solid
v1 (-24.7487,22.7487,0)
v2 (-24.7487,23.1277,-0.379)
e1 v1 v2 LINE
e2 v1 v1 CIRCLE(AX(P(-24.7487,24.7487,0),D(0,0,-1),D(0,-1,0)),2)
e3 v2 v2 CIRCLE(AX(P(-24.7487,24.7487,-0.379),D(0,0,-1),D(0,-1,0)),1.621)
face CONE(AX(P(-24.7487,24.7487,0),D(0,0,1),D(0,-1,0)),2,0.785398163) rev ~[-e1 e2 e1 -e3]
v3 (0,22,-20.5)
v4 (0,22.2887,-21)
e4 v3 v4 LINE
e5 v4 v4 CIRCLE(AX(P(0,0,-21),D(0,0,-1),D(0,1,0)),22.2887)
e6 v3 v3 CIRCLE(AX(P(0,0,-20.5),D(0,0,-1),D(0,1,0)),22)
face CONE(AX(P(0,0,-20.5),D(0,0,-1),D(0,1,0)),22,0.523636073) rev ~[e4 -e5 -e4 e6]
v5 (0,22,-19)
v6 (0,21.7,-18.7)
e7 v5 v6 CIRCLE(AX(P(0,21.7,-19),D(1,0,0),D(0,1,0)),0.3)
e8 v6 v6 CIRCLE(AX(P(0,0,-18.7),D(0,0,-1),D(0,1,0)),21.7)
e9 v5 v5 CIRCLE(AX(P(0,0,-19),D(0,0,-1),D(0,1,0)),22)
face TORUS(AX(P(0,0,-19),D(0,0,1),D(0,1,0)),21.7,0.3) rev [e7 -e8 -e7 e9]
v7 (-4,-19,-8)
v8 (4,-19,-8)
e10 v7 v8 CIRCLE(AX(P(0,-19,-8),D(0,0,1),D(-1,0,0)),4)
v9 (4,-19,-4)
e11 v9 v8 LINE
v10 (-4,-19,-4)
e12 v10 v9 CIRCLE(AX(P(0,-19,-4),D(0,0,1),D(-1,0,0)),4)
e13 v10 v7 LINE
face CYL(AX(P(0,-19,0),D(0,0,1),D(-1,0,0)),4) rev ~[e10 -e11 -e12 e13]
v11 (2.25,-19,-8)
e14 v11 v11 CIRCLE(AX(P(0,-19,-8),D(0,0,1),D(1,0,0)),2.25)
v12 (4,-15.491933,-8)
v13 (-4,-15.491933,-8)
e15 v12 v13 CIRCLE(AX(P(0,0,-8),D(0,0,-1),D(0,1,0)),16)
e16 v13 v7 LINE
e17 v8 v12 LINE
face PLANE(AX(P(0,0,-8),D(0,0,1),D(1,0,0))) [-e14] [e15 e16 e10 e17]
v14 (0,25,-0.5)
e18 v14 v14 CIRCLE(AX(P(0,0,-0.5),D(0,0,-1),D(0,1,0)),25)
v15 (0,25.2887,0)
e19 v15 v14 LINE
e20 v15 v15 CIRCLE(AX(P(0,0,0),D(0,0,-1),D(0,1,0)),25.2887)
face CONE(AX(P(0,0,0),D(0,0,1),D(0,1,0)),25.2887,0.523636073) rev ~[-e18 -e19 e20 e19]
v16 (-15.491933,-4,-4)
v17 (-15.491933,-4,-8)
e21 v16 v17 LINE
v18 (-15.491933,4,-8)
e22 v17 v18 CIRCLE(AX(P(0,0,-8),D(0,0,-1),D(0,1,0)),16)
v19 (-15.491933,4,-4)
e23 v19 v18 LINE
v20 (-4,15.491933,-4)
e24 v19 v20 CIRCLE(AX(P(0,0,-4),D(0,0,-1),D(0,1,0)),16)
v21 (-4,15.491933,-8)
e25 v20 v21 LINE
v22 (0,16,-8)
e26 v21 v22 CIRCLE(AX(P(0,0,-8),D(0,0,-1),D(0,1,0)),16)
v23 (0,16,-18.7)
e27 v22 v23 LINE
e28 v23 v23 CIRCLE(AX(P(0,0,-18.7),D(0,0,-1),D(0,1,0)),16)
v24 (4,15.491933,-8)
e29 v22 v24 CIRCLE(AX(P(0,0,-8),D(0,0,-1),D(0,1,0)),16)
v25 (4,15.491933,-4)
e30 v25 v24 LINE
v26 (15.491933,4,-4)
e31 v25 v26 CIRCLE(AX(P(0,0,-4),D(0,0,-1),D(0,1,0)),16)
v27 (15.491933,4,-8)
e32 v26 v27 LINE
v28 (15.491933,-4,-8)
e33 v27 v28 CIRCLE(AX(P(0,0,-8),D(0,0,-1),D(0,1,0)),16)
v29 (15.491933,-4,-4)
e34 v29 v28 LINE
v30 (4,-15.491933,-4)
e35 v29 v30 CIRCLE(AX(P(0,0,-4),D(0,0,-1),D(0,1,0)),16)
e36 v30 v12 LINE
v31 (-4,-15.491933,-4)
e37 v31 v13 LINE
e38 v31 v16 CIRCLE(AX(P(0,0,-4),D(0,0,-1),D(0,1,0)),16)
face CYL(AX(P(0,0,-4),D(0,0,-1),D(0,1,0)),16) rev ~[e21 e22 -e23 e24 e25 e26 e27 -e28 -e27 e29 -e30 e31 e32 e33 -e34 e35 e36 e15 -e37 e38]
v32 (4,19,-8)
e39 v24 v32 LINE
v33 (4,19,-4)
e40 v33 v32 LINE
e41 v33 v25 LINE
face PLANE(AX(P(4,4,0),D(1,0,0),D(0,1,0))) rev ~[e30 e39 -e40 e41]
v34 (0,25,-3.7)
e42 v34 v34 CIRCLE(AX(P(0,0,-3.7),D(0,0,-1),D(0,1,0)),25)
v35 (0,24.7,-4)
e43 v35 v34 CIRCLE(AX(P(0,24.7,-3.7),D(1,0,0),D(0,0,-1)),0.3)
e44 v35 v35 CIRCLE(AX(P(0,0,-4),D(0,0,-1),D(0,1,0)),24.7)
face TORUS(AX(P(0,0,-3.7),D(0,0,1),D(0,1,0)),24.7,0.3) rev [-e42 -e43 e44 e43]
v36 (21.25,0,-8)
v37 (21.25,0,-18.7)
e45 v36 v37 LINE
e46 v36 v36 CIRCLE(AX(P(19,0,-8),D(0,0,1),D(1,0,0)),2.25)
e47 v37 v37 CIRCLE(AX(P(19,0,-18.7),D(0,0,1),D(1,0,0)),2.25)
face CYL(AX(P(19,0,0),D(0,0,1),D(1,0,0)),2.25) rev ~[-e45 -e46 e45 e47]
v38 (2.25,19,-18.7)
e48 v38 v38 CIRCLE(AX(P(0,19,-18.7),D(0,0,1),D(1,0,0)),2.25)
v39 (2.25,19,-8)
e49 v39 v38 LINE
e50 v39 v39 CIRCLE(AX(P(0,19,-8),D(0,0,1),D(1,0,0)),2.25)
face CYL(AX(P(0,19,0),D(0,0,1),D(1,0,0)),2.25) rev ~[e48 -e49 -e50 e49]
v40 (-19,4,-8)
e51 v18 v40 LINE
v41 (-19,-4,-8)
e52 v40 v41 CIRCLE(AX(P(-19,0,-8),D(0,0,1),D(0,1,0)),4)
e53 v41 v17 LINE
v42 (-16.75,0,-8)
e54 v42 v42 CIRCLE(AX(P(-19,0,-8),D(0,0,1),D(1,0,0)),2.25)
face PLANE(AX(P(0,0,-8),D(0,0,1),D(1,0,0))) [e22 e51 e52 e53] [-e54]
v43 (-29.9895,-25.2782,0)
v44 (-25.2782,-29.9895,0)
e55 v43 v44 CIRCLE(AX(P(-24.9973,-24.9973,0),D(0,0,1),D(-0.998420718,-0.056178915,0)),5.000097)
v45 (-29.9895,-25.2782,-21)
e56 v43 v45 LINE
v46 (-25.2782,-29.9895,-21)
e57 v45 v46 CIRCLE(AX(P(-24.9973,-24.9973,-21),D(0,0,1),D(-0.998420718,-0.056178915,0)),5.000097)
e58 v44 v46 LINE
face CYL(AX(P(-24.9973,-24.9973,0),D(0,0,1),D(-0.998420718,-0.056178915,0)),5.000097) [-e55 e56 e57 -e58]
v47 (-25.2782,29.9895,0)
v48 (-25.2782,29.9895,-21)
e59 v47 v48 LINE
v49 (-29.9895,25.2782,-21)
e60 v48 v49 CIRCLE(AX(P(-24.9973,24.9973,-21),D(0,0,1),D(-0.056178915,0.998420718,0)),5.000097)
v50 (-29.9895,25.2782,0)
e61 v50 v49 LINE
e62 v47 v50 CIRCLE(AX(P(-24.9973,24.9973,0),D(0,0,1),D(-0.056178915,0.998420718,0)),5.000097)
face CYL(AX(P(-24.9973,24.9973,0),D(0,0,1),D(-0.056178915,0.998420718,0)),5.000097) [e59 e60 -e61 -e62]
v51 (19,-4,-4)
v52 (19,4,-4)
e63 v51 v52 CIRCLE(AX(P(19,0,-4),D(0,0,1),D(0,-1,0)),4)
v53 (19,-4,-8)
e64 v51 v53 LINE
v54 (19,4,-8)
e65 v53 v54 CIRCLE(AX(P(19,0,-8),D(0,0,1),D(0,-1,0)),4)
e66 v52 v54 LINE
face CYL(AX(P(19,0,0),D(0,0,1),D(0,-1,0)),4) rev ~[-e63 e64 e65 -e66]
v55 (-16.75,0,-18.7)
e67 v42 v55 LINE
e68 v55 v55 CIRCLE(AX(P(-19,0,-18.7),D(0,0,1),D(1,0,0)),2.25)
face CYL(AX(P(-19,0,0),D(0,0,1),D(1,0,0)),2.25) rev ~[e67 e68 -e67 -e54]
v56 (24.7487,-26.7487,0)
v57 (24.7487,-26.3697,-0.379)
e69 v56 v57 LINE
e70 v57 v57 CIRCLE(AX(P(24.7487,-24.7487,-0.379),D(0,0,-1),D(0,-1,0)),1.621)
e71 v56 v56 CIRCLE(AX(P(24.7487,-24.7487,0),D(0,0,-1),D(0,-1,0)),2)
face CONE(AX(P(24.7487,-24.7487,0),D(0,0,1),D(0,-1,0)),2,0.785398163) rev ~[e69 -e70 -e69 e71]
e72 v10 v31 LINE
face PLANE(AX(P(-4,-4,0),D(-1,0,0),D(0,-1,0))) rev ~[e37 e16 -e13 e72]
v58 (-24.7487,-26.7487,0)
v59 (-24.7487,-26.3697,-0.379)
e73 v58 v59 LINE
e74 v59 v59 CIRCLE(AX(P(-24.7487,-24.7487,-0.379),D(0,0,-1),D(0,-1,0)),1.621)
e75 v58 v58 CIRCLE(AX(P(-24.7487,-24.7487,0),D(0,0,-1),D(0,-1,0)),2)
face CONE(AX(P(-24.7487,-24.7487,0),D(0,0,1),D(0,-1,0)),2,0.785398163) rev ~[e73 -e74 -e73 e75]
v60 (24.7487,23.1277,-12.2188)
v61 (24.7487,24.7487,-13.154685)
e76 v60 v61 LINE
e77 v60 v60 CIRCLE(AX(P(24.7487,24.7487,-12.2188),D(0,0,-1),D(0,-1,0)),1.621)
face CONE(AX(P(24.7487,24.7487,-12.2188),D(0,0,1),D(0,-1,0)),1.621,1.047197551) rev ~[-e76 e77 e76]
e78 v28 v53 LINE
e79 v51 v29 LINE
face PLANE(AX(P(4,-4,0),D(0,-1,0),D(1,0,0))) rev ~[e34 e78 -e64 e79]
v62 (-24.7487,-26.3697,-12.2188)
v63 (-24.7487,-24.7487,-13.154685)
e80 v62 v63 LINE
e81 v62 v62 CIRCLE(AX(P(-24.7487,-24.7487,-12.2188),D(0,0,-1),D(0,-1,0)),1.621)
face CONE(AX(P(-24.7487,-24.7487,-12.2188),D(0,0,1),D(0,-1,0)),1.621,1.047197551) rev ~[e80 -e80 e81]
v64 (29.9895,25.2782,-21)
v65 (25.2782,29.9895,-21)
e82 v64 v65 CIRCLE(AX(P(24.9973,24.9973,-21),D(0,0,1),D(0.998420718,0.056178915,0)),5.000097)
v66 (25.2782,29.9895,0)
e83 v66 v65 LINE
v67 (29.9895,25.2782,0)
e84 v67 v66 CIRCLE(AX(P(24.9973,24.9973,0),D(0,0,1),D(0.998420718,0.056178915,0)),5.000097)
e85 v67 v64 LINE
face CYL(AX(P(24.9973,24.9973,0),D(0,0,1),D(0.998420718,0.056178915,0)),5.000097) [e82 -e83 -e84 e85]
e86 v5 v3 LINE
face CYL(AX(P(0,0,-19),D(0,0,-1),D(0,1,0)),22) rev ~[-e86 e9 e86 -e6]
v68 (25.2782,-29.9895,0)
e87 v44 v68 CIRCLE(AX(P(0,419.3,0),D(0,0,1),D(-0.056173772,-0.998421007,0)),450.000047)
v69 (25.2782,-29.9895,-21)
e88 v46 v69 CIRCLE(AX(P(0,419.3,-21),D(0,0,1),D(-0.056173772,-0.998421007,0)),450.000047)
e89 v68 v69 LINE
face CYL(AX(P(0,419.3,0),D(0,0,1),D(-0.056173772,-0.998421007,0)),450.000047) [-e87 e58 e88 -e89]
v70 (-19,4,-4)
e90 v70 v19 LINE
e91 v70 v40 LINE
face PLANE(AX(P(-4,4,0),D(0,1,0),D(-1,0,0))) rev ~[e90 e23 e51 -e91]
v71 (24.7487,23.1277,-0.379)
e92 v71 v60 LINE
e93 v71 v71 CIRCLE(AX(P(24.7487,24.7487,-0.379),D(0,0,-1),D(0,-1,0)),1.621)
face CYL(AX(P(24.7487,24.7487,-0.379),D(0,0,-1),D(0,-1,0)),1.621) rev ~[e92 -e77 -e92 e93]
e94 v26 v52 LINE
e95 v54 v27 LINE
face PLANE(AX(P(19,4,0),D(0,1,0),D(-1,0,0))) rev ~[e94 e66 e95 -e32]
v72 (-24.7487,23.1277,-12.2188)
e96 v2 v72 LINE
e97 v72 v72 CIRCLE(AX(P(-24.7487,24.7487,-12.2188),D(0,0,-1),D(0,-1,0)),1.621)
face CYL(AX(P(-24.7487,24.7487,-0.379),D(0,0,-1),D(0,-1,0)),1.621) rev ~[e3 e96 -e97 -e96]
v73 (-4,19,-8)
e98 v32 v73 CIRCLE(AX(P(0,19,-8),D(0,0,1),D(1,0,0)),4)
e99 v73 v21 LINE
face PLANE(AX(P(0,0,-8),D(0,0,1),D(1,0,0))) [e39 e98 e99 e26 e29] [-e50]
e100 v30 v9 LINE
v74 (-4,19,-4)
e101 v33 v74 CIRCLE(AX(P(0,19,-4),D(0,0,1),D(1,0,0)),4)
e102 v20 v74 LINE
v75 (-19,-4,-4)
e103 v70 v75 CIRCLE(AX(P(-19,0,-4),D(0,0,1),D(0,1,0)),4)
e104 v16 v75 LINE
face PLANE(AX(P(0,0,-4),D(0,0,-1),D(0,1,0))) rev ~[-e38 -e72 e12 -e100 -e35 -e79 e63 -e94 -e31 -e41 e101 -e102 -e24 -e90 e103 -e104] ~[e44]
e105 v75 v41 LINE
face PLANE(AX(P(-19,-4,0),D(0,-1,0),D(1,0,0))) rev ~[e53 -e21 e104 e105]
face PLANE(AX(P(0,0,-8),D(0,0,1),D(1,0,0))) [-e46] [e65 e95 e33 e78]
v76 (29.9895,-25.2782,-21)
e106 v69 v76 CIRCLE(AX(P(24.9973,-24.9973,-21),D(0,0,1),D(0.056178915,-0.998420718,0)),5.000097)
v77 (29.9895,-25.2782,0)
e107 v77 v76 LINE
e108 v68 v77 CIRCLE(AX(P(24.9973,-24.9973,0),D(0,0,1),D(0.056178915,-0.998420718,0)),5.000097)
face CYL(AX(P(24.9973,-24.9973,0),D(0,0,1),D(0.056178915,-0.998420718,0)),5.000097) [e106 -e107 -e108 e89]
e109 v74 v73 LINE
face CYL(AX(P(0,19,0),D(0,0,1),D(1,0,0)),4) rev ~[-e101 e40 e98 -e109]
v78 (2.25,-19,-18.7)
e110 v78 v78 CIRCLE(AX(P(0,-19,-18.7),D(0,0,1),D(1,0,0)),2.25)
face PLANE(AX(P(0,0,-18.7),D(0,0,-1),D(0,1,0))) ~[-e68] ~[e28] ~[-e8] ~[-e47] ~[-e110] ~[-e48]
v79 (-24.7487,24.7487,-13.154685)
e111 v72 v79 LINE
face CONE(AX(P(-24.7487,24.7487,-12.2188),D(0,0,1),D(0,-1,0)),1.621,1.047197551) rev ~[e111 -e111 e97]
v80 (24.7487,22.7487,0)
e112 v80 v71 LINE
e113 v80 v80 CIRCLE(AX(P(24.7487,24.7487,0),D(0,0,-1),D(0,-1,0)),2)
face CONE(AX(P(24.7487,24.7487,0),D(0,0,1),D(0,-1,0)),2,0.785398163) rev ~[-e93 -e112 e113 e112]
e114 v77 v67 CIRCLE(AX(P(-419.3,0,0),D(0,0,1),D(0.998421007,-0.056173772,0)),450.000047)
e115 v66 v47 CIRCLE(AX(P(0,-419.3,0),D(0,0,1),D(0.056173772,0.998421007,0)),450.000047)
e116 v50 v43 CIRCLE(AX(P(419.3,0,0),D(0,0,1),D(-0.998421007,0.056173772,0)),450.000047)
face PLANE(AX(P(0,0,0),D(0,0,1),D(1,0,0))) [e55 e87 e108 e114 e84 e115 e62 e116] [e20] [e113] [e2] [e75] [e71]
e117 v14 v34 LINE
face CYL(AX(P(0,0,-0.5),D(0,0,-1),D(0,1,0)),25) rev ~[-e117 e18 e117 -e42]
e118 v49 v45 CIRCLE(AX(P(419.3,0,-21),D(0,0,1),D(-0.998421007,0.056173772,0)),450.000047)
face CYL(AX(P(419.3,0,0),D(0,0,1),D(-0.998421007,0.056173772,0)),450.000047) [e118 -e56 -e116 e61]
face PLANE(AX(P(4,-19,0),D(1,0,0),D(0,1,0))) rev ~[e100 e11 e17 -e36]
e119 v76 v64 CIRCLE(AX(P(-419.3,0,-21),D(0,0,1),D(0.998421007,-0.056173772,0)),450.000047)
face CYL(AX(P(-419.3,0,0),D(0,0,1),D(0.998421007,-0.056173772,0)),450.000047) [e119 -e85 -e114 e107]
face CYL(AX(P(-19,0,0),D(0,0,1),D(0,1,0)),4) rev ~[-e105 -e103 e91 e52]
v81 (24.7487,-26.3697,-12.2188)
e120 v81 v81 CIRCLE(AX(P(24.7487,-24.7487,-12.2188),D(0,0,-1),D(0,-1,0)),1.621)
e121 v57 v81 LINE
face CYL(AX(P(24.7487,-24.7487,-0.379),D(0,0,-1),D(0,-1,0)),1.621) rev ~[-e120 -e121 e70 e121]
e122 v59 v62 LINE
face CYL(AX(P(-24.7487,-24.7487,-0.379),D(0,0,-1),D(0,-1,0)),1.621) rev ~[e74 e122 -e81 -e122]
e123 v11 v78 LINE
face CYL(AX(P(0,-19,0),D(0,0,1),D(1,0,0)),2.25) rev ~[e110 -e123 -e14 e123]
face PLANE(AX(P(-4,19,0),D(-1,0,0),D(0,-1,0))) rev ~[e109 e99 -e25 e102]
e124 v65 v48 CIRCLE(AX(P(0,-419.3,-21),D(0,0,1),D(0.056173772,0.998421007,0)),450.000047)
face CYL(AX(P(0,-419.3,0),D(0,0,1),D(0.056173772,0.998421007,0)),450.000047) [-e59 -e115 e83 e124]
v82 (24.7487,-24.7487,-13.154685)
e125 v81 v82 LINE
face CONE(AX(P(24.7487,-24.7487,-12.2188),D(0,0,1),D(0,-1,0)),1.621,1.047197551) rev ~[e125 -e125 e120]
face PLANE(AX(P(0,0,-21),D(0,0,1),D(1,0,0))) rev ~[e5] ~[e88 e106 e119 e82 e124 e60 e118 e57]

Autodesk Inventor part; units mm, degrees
sketch "Sketch_1" plane through (0, 0, 0) normal (0, 0, 1) x (1, 0, 0)
  arc A0 (-29.9895, 25.2782) -> (-29.9895, -25.2782) centre (419.3, 0) ccw
  arc A1 (-29.9895, -25.2782) -> (-25.2782, -29.9895) centre (-24.9973, -24.9973) ccw
  arc A2 (-25.2782, -29.9895) -> (25.2782, -29.9895) centre (0, 419.3) ccw
  arc A3 (25.2782, -29.9895) -> (29.9895, -25.2782) centre (24.9973, -24.9973) ccw
  arc A4 (29.9895, -25.2782) -> (29.9895, 25.2782) centre (-419.3, 0) ccw
  arc A5 (29.9895, 25.2782) -> (25.2782, 29.9895) centre (24.9973, 24.9973) ccw
  arc A6 (25.2782, 29.9895) -> (-25.2782, 29.9895) centre (0, -419.3) ccw
  arc A7 (-25.2782, 29.9895) -> (-29.9895, 25.2782) centre (-24.9973, 24.9973) ccw
  circle A8 centre (19, 0) radius 2.25
  circle A9 centre (0, 19) radius 2.25
  circle A10 centre (0, -19) radius 2.25
  circle A11 centre (-19, 0) radius 2.25
extrude "Extrusion1" add sketch "Sketch_1" against normal blind 21
sketch "Sketch_2" plane through (0, 0, 0) normal (1, 0, 0) x (0, 1, 0)
  line L0 (0, -21) -> (0, 0)
  line L1 (0, 0) -> (25.2887, 0)
  line L2 (25.2887, 0) -> (25, -0.5)
  line L3 (25, -0.5) -> (25, -3.7)
  arc A0 (24.7, -4) -> (25, -3.7) centre (24.7, -3.7) ccw
  line L4 (24.7, -4) -> (16, -4)
  line L5 (16, -4) -> (16, -18.7)
  line L6 (16, -18.7) -> (21.7, -18.7)
  arc A1 (22, -19) -> (21.7, -18.7) centre (21.7, -19) ccw
  line L7 (22, -19) -> (22, -20.5)
  line L8 (22, -20.5) -> (22.2887, -21)
  line L9 (22.2887, -21) -> (0, -21)
  line L10 (0, -21) -> (0, 0)
revolve "Revolution1" cut sketch "Sketch_2" angle 360 about axis through (0, 0, -21) along (0, 0, -1)
sketch "Sketch_3" plane through (0, 0, 0) normal (0, 0, 1) x (1, 0, 0)
  arc A0 (-19, 4) -> (-19, -4) centre (-19, 0) ccw
  line L0 (-19, -4) -> (-4, -4)
  line L1 (-4, -4) -> (-4, -19)
  arc A1 (-4, -19) -> (4, -19) centre (0, -19) ccw
  line L2 (4, -19) -> (4, -4)
  line L3 (4, -4) -> (19, -4)
  arc A2 (19, -4) -> (19, 4) centre (19, 0) ccw
  line L4 (19, 4) -> (4, 4)
  line L5 (4, 4) -> (4, 19)
  arc A3 (4, 19) -> (-4, 19) centre (0, 19) ccw
  line L6 (-4, 19) -> (-4, 4)
  line L7 (-4, 4) -> (-19, 4)
extrude "Extrusion2" cut sketch "Sketch_3" against normal blind 8
sketch "Sketch4" plane through (0, 0, 0) normal (0, 0, 1) x (1, 0, 0)
  point P0 (24.7487, 24.7487)
hole "Hole1" at (24.7487, 24.7487, 0) direction (0, 0, -1) diameter 3.242 depth 12.2188 tip angle 120 countersink diameter 4 countersink angle 90 thread size "M4x0.7" class "6H" standard "ISO Metric profile"
sketch "Sketch5" plane through (0, 0, 0) normal (0, 0, 1) x (1, 0, 0)
  point P0 (-24.7487, -24.7487)
hole "Hole2" at (-24.7487, -24.7487, 0) direction (0, 0, -1) diameter 3.242 depth 12.2188 tip angle 120 countersink diameter 4 countersink angle 90 thread size "M4x0.7" class "6H" standard "ISO Metric profile"
sketch "Sketch6" plane through (0, 0, 0) normal (0, 0, 1) x (1, 0, 0)
  point P0 (24.7487, -24.7487)
hole "Hole3" at (24.7487, -24.7487, 0) direction (0, 0, -1) diameter 3.242 depth 12.2188 tip angle 120 countersink diameter 4 countersink angle 90 thread size "M4x0.7" class "6H" standard "ISO Metric profile"
sketch "Sketch7" plane through (0, 0, 0) normal (0, 0, 1) x (1, 0, 0)
  point P0 (-24.7487, 24.7487)
hole "Hole4" at (-24.7487, 24.7487, 0) direction (0, 0, -1) diameter 3.242 depth 12.2188 tip angle 120 countersink diameter 4 countersink angle 90 thread size "M4x0.7" class "6H" standard "ISO Metric profile"
ref_plane "ANBAU_1_XY" through (0, 0, -21) normal (0, 0, 1) x (1, 0, 0)
ref_plane "ANBAU_1_YZ" through (0, 0, -21) normal (1, 0, 0) x (0, 1, 0)
ref_plane "ANBAU_1_ZX" through (0, 0, -21) normal (0, 1, 0) x (0, 0, 1)
ref_plane "ZYL_SCHRAUBE_1_1_XY" through (24.7487, 24.7487, 9) normal (0, 0, -1) x (1, 0, 0)
ref_plane "ZYL_SCHRAUBE_1_1_YZ" through (24.7487, 24.7487, 9) normal (1, 0, 0) x (0, -1, 0)
ref_plane "ZYL_SCHRAUBE_1_1_ZX" through (24.7487, 24.7487, 9) normal (0, -1, 0) x (0, 0, -1)
ref_plane "ZYL_SCHRAUBE_1_2_XY" through (-24.7487, 24.7487, 9) normal (0, 0, -1) x (1, 0, 0)
ref_plane "ZYL_SCHRAUBE_1_2_YZ" through (-24.7487, 24.7487, 9) normal (1, 0, 0) x (0, -1, 0)
ref_plane "ZYL_SCHRAUBE_1_2_ZX" through (-24.7487, 24.7487, 9) normal (0, -1, 0) x (0, 0, -1)
ref_plane "ZYL_SCHRAUBE_1_3_XY" through (-24.7487, -24.7487, 9) normal (0, 0, -1) x (1, 0, 0)
ref_plane "ZYL_SCHRAUBE_1_3_YZ" through (-24.7487, -24.7487, 9) normal (1, 0, 0) x (0, -1, 0)
ref_plane "ZYL_SCHRAUBE_1_3_ZX" through (-24.7487, -24.7487, 9) normal (0, -1, 0) x (0, 0, -1)
ref_plane "ZYL_SCHRAUBE_1_4_XY" through (24.7487, -24.7487, 9) normal (0, 0, -1) x (1, 0, 0)
ref_plane "ZYL_SCHRAUBE_1_4_YZ" through (24.7487, -24.7487, 9) normal (1, 0, 0) x (0, -1, 0)
ref_plane "ZYL_SCHRAUBE_1_4_ZX" through (24.7487, -24.7487, 9) normal (0, -1, 0) x (0, 0, -1)
ref_plane "ZYL_SCHRAUBE_2_1_XY" through (19, 0, -8) normal (0, 0, -1) x (1, 0, 0)
ref_plane "ZYL_SCHRAUBE_2_1_YZ" through (19, 0, -8) normal (1, 0, 0) x (0, -1, 0)
ref_plane "ZYL_SCHRAUBE_2_1_ZX" through (19, 0, -8) normal (0, -1, 0) x (0, 0, -1)
ref_plane "ZYL_SCHRAUBE_2_2_XY" through (0, 19, -8) normal (0, 0, -1) x (1, 0, 0)
ref_plane "ZYL_SCHRAUBE_2_2_YZ" through (0, 19, -8) normal (1, 0, 0) x (0, -1, 0)
ref_plane "ZYL_SCHRAUBE_2_2_ZX" through (0, 19, -8) normal (0, -1, 0) x (0, 0, -1)
ref_plane "ZYL_SCHRAUBE_2_3_XY" through (-19, 0, -8) normal (0, 0, -1) x (1, 0, 0)
ref_plane "ZYL_SCHRAUBE_2_3_YZ" through (-19, 0, -8) normal (1, 0, 0) x (0, -1, 0)
ref_plane "ZYL_SCHRAUBE_2_3_ZX" through (-19, 0, -8) normal (0, -1, 0) x (0, 0, -1)
ref_plane "ZYL_SCHRAUBE_2_4_XY" through (0, -19, -8) normal (0, 0, -1) x (1, 0, 0)
ref_plane "ZYL_SCHRAUBE_2_4_YZ" through (0, -19, -8) normal (1, 0, 0) x (0, -1, 0)
ref_plane "ZYL_SCHRAUBE_2_4_ZX" through (0, -19, -8) normal (0, -1, 0) x (0, 0, -1)
properties part number "1956846 EAMF-A-44C-60P(1A10)"
